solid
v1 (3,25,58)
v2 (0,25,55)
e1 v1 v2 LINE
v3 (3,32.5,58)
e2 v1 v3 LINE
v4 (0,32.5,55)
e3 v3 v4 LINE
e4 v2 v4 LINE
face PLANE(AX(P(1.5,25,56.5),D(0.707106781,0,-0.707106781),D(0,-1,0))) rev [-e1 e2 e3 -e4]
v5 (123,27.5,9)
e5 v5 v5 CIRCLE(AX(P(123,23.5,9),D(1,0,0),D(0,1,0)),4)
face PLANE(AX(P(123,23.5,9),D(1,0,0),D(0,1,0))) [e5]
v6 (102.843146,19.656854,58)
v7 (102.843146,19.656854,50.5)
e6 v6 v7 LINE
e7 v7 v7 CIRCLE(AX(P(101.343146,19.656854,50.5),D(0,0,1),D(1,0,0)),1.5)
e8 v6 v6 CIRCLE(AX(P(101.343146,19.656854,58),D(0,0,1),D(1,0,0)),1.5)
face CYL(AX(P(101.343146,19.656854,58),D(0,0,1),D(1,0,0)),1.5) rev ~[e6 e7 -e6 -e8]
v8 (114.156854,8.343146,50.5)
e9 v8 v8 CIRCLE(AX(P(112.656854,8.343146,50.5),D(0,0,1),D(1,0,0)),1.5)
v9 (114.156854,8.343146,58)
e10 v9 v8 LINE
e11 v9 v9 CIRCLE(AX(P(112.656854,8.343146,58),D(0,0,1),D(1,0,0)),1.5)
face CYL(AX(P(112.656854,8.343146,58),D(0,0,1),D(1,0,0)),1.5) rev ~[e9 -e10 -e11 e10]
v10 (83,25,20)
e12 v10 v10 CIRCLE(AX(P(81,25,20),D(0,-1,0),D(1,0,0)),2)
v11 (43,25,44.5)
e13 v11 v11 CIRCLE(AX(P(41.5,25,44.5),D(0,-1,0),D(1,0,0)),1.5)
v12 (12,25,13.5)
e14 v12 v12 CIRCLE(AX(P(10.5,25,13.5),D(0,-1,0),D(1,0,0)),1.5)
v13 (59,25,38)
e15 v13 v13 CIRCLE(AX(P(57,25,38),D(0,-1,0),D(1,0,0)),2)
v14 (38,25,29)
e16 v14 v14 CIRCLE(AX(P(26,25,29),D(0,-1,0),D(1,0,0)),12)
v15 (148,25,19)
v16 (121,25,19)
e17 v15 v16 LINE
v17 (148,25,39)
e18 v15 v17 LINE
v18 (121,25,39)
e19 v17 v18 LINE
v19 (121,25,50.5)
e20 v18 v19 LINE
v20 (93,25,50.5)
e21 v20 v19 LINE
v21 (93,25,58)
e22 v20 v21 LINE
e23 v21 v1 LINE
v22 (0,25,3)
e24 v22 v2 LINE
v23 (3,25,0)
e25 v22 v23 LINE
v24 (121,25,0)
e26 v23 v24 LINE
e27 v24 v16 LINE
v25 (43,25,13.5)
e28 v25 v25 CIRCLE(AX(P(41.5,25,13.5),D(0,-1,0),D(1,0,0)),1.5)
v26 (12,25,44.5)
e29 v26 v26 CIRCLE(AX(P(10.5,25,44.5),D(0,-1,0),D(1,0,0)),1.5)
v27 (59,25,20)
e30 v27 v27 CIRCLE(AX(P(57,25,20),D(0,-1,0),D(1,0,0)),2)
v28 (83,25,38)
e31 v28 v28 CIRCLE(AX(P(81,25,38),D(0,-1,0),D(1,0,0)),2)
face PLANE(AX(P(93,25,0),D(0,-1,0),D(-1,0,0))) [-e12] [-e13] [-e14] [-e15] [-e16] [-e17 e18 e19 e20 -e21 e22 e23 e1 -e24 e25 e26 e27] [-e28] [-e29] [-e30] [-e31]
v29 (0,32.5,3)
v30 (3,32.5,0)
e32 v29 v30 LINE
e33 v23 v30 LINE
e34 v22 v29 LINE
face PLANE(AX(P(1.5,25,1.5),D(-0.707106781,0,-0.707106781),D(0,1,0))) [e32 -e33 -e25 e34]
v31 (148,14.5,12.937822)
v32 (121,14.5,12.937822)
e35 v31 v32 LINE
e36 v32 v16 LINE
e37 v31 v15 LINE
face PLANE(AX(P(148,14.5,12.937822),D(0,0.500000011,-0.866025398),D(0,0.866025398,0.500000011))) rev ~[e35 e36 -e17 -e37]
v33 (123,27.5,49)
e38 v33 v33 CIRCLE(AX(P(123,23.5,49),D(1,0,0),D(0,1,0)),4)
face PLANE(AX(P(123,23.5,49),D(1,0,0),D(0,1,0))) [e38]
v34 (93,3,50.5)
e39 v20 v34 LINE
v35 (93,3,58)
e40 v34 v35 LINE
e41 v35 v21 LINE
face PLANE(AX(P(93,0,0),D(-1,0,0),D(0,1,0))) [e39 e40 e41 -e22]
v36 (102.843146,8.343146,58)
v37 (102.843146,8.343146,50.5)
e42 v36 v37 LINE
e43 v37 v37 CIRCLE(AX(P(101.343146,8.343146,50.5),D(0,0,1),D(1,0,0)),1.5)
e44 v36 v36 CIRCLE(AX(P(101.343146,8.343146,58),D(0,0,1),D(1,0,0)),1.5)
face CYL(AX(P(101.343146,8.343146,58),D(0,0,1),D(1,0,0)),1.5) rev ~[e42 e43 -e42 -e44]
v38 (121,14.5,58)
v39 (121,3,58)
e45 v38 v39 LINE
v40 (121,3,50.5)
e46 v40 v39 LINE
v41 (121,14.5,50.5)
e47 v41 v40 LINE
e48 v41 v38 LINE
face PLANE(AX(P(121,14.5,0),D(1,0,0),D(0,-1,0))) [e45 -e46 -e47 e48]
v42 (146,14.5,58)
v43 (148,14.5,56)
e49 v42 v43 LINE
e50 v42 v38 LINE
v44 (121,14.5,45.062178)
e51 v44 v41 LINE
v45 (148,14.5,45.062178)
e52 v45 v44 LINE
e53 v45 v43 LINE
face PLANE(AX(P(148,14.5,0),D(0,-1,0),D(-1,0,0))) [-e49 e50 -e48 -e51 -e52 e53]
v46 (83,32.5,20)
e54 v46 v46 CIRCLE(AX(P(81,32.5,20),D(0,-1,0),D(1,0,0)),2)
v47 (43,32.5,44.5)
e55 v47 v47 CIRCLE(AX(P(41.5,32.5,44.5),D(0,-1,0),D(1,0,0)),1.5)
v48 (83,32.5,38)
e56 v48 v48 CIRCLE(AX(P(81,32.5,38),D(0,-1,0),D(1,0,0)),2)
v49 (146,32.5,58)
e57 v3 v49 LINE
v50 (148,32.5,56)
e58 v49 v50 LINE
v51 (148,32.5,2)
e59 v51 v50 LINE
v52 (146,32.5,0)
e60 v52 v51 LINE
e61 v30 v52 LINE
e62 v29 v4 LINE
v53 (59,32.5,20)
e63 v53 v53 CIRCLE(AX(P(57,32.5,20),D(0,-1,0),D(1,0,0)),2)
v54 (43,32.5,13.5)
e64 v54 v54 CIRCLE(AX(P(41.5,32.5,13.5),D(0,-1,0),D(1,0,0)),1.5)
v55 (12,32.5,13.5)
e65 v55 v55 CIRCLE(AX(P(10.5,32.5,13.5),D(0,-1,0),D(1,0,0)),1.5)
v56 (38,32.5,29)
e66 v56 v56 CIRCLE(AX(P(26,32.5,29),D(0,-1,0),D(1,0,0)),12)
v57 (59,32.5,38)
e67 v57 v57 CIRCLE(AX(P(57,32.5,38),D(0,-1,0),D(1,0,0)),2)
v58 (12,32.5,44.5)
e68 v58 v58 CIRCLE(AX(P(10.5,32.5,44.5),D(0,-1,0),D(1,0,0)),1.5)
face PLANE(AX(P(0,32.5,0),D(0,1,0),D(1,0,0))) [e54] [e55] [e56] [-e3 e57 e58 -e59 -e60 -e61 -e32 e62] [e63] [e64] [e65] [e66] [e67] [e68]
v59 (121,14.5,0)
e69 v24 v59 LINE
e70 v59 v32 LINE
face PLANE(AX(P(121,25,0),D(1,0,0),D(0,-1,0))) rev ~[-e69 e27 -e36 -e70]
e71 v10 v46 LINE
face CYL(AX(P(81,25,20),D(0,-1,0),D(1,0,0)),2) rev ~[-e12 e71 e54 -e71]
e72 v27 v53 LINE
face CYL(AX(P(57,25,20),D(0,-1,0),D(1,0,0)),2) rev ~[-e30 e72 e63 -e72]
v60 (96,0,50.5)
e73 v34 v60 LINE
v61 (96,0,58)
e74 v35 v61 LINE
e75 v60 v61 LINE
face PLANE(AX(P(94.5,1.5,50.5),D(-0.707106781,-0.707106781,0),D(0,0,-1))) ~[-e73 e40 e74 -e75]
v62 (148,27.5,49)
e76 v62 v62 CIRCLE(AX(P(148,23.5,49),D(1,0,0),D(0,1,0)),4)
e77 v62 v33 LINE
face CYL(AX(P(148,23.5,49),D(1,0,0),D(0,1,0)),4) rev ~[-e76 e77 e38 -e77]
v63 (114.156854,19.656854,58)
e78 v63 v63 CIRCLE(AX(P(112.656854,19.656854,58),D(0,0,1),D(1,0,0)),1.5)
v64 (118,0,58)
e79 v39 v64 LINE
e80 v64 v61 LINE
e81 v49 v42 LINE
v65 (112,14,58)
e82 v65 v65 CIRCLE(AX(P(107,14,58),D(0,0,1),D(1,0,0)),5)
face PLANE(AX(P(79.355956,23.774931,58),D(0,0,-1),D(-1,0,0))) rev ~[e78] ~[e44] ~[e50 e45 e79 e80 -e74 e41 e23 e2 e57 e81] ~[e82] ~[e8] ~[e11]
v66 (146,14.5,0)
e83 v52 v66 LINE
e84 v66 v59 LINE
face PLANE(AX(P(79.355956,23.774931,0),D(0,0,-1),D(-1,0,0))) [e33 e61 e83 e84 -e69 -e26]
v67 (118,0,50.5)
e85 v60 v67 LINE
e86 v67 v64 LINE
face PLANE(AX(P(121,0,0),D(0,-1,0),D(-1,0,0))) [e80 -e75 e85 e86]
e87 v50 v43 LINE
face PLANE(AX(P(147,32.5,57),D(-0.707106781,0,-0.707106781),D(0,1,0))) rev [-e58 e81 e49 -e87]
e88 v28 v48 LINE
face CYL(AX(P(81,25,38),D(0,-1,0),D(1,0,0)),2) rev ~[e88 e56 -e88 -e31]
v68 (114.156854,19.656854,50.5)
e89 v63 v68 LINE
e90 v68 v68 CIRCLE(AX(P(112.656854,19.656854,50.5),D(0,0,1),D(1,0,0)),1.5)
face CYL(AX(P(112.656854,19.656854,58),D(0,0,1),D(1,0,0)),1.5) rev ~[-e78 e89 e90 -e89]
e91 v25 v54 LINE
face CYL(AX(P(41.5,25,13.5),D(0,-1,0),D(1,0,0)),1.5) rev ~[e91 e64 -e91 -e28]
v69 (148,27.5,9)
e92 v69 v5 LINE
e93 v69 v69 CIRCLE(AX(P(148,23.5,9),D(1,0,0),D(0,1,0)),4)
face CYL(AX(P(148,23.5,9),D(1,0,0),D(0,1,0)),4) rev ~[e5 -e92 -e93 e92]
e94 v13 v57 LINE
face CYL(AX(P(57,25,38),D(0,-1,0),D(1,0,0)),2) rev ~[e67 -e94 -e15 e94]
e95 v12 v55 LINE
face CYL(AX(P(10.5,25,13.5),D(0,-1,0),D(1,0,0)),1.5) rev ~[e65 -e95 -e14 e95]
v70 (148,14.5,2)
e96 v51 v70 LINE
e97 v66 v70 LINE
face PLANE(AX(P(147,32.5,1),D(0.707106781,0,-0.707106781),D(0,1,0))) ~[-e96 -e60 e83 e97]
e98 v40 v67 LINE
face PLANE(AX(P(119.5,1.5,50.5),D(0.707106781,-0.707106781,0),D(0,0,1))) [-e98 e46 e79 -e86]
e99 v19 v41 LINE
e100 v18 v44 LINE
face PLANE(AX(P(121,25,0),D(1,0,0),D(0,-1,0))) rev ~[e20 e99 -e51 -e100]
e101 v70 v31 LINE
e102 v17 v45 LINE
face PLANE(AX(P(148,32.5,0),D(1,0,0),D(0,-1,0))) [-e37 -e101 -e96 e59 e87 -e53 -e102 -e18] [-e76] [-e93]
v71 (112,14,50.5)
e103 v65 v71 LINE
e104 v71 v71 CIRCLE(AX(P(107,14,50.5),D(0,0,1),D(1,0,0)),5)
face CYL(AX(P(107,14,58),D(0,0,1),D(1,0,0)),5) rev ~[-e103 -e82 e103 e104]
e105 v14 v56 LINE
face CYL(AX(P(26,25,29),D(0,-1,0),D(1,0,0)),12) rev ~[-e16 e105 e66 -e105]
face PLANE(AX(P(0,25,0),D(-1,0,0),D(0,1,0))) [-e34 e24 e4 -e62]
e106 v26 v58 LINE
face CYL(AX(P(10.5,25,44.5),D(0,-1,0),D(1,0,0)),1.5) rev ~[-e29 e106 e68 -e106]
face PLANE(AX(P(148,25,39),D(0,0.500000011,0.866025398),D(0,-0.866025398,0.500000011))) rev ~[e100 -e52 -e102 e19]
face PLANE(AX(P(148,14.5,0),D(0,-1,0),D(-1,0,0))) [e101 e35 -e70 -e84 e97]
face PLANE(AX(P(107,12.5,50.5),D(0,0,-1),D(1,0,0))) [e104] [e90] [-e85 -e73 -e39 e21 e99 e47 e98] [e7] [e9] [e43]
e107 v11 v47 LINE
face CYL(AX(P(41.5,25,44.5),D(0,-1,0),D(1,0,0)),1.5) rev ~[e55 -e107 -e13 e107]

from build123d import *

# Parameters (mm, degrees)
PAD_DEPTH       = 58
SKETCH001_R     = 4
POCKET_DEPTH    = 25
SKETCH002_W     = 28
SKETCH002_H     = 25
POCKET001_DEPTH = 50.5
POCKET002_DEPTH = 27
SKETCH004_R     = 5
SKETCH004_R_2   = 1.5
POCKET003_DEPTH = 58.001
SKETCH005_R     = 12
SKETCH005_R_2   = 1.5
SKETCH005_R_3   = 2
POCKET004_DEPTH = 7.501
CHAMFER_SIZE    = 2
CHAMFER001_SIZE = 3
CHAMFER002_SIZE = 3


with BuildPart() as part:
    # Sketch → Pad (new body)
    with BuildSketch(Plane.XY):
        Polygon((0, 25), (0, 32.5), (148, 32.5), (148, 14.5), (121, 14.5), (121, 0), (93, 0), (93, 25), align=None)
    extrude(amount=PAD_DEPTH)

    # Sketch001 (on Face3 of Pad) → Pocket (cut)
    with BuildSketch(Plane.YZ.offset(148)):
        with Locations((23.5, 49)):
            Circle(SKETCH001_R)
        with Locations((23.5, 9)):
            Circle(SKETCH001_R)
    extrude(amount=-POCKET_DEPTH, mode=Mode.SUBTRACT)

    # Sketch002 (on Face4 of Pocket) → Pocket001 (cut)
    with BuildSketch(Plane(origin=(0, 0, 0), x_dir=(1, 0, 0), z_dir=(0, 0, -1))):
        with Locations((107, -12.5)):
            Rectangle(SKETCH002_W, SKETCH002_H)
    extrude(amount=-POCKET001_DEPTH, mode=Mode.SUBTRACT)

    # Sketch003 (on Face8 of Pocket001) → Pocket002 (cut)
    with BuildSketch(Plane.YZ.offset(148)):
        Polygon((14.5, 45.062178), (14.5, 12.937822), (25, 19), (25, 39), align=None)
    extrude(amount=-POCKET002_DEPTH, mode=Mode.SUBTRACT)

    # Sketch004 (on Face4 of Pocket002) → Pocket003 (cut, through all)
    with BuildSketch(Plane.XY.offset(58)):
        with Locations((107, 14)):
            Circle(SKETCH004_R)
        with Locations((101.343146, 19.656854)):
            Circle(SKETCH004_R_2)
        with Locations((112.656854, 19.656854)):
            Circle(SKETCH004_R_2)
        with Locations((112.656854, 8.343146)):
            Circle(SKETCH004_R_2)
        with Locations((101.343146, 8.343146)):
            Circle(SKETCH004_R_2)
    extrude(amount=-POCKET003_DEPTH, mode=Mode.SUBTRACT)

    # Sketch005 (on Face2 of Pocket003) → Pocket004 (cut, through all)
    with BuildSketch(Plane.XZ.offset(-25)):
        with Locations((26, 29)):
            Circle(SKETCH005_R)
        with Locations((10.5, 44.5)):
            Circle(SKETCH005_R_2)
        with Locations((41.5, 44.5)):
            Circle(SKETCH005_R_2)
        with Locations((10.5, 13.5)):
            Circle(SKETCH005_R_2)
        with Locations((41.5, 13.5)):
            Circle(SKETCH005_R_2)
        with Locations((57, 38)):
            Circle(SKETCH005_R_3)
        with Locations((81, 38)):
            Circle(SKETCH005_R_3)
        with Locations((81, 20)):
            Circle(SKETCH005_R_3)
        with Locations((57, 20)):
            Circle(SKETCH005_R_3)
    extrude(amount=-POCKET004_DEPTH, mode=Mode.SUBTRACT)

    # Chamfer
    chamfer_edges = [part.edges().sort_by_distance(p)[0] for p in [
        (148, 23.5, 58),
        (148, 23.5, 0),
    ]]
    chamfer(chamfer_edges, length=CHAMFER_SIZE)

    # Chamfer001
    chamfer001_edges = [part.edges().sort_by_distance(p)[0] for p in [
        (121, 0, 54.25),
        (93, 0, 54.25),
    ]]
    chamfer(chamfer001_edges, length=CHAMFER001_SIZE)

    # Chamfer002
    chamfer002_edges = [part.edges().sort_by_distance(p)[0] for p in [
        (0, 28.75, 58),
        (0, 28.75, 0),
    ]]
    chamfer(chamfer002_edges, length=CHAMFER002_SIZE)


solid = part.part
